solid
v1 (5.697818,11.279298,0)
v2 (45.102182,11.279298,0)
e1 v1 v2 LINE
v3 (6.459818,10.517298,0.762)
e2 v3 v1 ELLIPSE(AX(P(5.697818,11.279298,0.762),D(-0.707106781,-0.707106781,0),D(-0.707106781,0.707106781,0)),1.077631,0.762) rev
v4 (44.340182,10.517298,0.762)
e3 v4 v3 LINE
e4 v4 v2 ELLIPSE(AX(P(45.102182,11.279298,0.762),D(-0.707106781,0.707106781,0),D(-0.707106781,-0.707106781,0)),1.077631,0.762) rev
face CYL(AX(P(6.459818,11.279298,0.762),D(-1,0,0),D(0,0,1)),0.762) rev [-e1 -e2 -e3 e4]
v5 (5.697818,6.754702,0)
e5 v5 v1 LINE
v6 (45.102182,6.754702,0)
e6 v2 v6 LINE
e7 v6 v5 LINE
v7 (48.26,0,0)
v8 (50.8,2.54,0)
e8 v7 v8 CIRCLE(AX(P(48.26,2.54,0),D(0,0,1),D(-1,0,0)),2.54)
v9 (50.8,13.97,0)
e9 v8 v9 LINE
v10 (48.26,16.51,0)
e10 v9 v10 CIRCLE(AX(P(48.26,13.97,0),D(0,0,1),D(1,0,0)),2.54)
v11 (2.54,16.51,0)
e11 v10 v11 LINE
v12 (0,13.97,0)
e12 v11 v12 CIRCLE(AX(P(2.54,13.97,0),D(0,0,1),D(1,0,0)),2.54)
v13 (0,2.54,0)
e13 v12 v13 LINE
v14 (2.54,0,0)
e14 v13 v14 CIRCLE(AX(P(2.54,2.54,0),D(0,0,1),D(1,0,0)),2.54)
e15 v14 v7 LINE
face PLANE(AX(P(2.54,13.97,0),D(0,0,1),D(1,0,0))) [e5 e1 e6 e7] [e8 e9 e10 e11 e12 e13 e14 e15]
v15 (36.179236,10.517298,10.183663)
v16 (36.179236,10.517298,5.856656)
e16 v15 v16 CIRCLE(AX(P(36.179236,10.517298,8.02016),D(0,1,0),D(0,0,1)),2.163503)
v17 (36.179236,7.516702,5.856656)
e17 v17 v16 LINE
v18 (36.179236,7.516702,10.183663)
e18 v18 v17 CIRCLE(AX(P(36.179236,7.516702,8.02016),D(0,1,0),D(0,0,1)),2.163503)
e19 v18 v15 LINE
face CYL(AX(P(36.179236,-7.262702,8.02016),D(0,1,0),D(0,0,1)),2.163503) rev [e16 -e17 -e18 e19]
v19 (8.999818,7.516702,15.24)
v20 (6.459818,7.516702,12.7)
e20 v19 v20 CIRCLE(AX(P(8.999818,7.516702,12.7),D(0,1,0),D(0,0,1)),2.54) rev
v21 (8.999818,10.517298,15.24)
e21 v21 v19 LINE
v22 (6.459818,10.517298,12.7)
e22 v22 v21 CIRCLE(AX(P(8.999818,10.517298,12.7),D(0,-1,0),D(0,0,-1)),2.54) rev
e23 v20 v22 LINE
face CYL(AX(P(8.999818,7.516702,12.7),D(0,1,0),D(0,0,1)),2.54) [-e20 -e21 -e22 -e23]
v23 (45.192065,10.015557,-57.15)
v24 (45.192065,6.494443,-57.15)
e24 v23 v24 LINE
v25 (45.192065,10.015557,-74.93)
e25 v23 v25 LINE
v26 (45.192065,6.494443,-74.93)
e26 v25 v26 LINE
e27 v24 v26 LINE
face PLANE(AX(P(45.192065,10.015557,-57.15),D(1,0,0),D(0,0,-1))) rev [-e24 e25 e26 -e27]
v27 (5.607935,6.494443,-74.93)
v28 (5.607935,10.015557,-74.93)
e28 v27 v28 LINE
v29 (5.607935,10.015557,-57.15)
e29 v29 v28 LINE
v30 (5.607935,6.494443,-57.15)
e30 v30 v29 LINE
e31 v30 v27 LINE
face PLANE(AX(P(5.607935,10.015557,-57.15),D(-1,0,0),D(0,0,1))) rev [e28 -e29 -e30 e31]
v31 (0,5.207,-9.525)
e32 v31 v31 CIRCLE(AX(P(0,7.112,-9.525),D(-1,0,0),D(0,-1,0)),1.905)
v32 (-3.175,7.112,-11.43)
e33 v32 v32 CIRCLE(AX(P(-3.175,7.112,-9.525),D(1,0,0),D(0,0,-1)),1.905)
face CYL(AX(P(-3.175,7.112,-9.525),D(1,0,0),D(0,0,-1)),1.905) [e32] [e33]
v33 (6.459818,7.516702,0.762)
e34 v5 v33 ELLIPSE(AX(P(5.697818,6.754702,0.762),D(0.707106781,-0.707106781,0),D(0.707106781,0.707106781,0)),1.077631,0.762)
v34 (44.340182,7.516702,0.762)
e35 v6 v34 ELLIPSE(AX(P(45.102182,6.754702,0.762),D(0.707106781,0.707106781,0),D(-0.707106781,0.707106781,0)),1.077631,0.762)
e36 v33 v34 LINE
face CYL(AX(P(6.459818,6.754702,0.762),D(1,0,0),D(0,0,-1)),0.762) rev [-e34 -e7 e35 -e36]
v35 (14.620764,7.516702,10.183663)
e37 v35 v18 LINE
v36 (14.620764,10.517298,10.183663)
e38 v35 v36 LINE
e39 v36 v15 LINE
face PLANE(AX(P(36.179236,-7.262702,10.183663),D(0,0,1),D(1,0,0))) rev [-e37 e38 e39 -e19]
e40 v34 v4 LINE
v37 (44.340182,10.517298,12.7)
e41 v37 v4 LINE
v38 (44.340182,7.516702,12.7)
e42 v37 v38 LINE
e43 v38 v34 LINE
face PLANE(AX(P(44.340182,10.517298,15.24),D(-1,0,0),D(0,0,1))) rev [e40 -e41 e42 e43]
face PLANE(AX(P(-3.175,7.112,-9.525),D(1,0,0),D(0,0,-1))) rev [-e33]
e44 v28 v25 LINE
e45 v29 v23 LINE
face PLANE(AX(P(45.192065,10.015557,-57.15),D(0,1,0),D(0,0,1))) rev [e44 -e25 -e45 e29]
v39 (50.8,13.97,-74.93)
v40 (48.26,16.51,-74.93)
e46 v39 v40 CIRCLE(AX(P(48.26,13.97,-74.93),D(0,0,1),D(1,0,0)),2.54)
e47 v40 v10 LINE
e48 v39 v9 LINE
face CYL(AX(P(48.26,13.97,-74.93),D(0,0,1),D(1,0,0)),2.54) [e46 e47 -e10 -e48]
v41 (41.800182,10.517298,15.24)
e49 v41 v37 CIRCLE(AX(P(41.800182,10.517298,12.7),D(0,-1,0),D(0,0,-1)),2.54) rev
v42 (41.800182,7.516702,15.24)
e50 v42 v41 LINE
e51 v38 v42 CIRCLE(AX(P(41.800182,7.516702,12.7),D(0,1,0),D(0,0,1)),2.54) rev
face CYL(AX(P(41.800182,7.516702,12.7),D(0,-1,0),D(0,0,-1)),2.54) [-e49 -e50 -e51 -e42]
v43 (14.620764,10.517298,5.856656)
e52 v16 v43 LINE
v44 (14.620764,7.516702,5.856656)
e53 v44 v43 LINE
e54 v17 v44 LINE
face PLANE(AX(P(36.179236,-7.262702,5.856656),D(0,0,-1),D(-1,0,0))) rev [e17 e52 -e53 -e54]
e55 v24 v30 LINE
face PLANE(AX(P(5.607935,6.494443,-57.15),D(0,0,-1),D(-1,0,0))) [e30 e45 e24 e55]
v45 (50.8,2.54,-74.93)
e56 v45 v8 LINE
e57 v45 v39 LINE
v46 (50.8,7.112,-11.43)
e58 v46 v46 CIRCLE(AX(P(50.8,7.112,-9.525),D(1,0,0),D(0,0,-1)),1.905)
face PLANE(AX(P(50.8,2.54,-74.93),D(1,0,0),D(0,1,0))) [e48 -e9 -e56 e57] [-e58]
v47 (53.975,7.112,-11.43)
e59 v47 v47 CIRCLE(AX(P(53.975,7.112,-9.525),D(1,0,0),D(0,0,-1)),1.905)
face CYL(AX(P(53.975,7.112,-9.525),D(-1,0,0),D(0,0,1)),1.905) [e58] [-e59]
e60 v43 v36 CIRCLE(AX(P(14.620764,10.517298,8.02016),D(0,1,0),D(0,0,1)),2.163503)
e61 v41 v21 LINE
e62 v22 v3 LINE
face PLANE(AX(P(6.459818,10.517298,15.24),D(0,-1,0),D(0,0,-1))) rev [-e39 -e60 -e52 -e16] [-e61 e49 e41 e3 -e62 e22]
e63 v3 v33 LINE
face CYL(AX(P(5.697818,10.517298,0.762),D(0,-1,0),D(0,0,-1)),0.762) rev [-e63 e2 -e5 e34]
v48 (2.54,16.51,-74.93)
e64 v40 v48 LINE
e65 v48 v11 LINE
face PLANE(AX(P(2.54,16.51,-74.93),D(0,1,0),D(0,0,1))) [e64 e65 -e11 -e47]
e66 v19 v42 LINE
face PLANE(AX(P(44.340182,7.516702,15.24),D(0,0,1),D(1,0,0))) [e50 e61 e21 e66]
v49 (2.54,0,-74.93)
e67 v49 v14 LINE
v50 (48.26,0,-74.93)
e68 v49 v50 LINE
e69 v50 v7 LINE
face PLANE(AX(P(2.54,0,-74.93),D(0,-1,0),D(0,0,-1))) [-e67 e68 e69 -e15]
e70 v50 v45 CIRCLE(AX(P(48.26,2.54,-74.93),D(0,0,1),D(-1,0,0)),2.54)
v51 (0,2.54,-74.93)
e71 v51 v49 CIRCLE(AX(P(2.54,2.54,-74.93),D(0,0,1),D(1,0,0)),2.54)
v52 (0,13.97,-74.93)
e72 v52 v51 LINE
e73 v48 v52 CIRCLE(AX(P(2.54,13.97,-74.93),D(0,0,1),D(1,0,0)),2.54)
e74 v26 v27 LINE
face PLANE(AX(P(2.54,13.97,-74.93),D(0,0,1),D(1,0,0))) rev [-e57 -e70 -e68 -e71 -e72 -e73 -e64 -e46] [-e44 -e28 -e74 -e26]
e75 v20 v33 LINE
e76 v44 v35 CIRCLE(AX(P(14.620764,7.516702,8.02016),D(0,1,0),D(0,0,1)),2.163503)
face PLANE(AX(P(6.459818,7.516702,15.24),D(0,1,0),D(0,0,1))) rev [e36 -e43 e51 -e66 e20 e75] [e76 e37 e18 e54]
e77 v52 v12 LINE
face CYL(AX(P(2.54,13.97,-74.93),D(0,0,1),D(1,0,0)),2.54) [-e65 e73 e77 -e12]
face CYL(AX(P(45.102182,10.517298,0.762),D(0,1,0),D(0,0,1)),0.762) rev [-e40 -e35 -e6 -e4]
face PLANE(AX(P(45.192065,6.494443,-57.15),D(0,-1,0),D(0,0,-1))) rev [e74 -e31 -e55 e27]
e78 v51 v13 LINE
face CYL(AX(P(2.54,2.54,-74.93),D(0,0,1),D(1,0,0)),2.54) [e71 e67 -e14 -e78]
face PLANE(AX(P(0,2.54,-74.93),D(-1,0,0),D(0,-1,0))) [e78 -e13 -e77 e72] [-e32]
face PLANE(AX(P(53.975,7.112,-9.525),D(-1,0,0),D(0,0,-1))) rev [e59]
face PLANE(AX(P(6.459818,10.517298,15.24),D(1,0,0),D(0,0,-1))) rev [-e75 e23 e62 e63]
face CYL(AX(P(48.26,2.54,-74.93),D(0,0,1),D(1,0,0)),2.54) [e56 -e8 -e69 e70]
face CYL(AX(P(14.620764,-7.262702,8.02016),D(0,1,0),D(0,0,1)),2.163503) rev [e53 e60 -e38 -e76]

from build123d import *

# Parameters (mm, degrees)
EXTRUDE1_DEPTH = 74.93
SKETCH2_R      = 1.905
EXTRUDE2_DEPTH = 3.175
SKETCH3_W      = 37.880364804
SKETCH3_H      = 3.00059593
EXTRUDE3_DEPTH = 15.24
FILLET1_R      = 2.54
FILLET2_R      = 0.762
EXTRUDE4_DEPTH = 17.78
SKETCH5_W      = 39.584129336
SKETCH5_H      = 3.52111337
EXTRUDE5_DEPTH = 17.78


with BuildPart() as part:
    # Sketch1 → Extrude1 (new body)
    with BuildSketch(Plane.XY):
        with BuildLine():
            Line((2.54, 0), (48.26, 0))
            ThreePointArc((48.26, 0), (50.056051224, 0.743948776), (50.8, 2.54))
            Line((50.8, 2.54), (50.8, 13.97))
            ThreePointArc((50.8, 13.97), (50.056051224, 15.766051224), (48.26, 16.51))
            Line((48.26, 16.51), (2.54, 16.51))
            ThreePointArc((2.54, 16.51), (0.743948776, 15.766051224), (0, 13.97))
            Line((0, 13.97), (0, 2.54))
            ThreePointArc((0, 2.54), (0.743948776, 0.743948776), (2.54, 0))
        make_face()
    extrude(amount=-EXTRUDE1_DEPTH)

    # Sketch2 → Extrude2 (add)
    with BuildSketch(Plane(origin=(0, 0, 0), x_dir=(0, 0, -1), z_dir=(1, 0, 0))):
        with Locations((9.525, 7.112)):
            Circle(SKETCH2_R)
    extrude2 = extrude(amount=-EXTRUDE2_DEPTH)

    # Mirror1: Extrude2 across plane
    add(extrude2.mirror(Plane(origin=(25.4, 0, 0), x_dir=(0, 0, 1), z_dir=(1, 0, 0))))

    # Sketch3 → Extrude3 (add)
    with BuildSketch(Plane.XY):
        with Locations((25.4, 9.017)):
            Rectangle(SKETCH3_W, SKETCH3_H)
    extrude(amount=EXTRUDE3_DEPTH)

    # Fillet1
    fillet1_edges = [part.edges().sort_by_distance(p)[0] for p in [
        (44.340182402, 9.017, 15.24),
        (6.459817598, 9.017, 15.24),
    ]]
    fillet(fillet1_edges, radius=FILLET1_R)

    # Fillet2
    fillet2_edges = [part.edges().sort_by_distance(p)[0] for p in [
        (44.340182402, 9.017, 0),
        (25.4, 10.517297965, 0),
        (6.459817598, 9.017, 0),
        (25.4, 7.516702035, 0),
    ]]
    fillet(fillet2_edges, radius=FILLET2_R)

    # Sketch4 → Extrude4 (cut)
    with BuildSketch(Plane(origin=(0, 10.517297965, 0), x_dir=(-1, 0, 0), z_dir=(0, 1, 0))):
        with BuildLine():
            Line((-36.179236435, 10.183663009), (-14.620763565, 10.183663009))
            ThreePointArc((-14.620763565, 10.183663009), (-12.457260283, 8.020159727), (-14.620763565, 5.856656445))
            Line((-14.620763565, 5.856656445), (-36.179236435, 5.856656445))
            ThreePointArc((-36.179236435, 5.856656445), (-38.342739717, 8.020159727), (-36.179236435, 10.183663009))
        make_face()
    extrude(amount=-EXTRUDE4_DEPTH, mode=Mode.SUBTRACT)

    # Sketch5 → Extrude5 (cut)
    with BuildSketch(Plane(origin=(0, 0, -74.93), x_dir=(-1, 0, 0), z_dir=(0, 0, -1))):
        with Locations((-25.4, 8.255)):
            Rectangle(SKETCH5_W, SKETCH5_H)
    extrude(amount=-EXTRUDE5_DEPTH, mode=Mode.SUBTRACT)


solid = part.part
